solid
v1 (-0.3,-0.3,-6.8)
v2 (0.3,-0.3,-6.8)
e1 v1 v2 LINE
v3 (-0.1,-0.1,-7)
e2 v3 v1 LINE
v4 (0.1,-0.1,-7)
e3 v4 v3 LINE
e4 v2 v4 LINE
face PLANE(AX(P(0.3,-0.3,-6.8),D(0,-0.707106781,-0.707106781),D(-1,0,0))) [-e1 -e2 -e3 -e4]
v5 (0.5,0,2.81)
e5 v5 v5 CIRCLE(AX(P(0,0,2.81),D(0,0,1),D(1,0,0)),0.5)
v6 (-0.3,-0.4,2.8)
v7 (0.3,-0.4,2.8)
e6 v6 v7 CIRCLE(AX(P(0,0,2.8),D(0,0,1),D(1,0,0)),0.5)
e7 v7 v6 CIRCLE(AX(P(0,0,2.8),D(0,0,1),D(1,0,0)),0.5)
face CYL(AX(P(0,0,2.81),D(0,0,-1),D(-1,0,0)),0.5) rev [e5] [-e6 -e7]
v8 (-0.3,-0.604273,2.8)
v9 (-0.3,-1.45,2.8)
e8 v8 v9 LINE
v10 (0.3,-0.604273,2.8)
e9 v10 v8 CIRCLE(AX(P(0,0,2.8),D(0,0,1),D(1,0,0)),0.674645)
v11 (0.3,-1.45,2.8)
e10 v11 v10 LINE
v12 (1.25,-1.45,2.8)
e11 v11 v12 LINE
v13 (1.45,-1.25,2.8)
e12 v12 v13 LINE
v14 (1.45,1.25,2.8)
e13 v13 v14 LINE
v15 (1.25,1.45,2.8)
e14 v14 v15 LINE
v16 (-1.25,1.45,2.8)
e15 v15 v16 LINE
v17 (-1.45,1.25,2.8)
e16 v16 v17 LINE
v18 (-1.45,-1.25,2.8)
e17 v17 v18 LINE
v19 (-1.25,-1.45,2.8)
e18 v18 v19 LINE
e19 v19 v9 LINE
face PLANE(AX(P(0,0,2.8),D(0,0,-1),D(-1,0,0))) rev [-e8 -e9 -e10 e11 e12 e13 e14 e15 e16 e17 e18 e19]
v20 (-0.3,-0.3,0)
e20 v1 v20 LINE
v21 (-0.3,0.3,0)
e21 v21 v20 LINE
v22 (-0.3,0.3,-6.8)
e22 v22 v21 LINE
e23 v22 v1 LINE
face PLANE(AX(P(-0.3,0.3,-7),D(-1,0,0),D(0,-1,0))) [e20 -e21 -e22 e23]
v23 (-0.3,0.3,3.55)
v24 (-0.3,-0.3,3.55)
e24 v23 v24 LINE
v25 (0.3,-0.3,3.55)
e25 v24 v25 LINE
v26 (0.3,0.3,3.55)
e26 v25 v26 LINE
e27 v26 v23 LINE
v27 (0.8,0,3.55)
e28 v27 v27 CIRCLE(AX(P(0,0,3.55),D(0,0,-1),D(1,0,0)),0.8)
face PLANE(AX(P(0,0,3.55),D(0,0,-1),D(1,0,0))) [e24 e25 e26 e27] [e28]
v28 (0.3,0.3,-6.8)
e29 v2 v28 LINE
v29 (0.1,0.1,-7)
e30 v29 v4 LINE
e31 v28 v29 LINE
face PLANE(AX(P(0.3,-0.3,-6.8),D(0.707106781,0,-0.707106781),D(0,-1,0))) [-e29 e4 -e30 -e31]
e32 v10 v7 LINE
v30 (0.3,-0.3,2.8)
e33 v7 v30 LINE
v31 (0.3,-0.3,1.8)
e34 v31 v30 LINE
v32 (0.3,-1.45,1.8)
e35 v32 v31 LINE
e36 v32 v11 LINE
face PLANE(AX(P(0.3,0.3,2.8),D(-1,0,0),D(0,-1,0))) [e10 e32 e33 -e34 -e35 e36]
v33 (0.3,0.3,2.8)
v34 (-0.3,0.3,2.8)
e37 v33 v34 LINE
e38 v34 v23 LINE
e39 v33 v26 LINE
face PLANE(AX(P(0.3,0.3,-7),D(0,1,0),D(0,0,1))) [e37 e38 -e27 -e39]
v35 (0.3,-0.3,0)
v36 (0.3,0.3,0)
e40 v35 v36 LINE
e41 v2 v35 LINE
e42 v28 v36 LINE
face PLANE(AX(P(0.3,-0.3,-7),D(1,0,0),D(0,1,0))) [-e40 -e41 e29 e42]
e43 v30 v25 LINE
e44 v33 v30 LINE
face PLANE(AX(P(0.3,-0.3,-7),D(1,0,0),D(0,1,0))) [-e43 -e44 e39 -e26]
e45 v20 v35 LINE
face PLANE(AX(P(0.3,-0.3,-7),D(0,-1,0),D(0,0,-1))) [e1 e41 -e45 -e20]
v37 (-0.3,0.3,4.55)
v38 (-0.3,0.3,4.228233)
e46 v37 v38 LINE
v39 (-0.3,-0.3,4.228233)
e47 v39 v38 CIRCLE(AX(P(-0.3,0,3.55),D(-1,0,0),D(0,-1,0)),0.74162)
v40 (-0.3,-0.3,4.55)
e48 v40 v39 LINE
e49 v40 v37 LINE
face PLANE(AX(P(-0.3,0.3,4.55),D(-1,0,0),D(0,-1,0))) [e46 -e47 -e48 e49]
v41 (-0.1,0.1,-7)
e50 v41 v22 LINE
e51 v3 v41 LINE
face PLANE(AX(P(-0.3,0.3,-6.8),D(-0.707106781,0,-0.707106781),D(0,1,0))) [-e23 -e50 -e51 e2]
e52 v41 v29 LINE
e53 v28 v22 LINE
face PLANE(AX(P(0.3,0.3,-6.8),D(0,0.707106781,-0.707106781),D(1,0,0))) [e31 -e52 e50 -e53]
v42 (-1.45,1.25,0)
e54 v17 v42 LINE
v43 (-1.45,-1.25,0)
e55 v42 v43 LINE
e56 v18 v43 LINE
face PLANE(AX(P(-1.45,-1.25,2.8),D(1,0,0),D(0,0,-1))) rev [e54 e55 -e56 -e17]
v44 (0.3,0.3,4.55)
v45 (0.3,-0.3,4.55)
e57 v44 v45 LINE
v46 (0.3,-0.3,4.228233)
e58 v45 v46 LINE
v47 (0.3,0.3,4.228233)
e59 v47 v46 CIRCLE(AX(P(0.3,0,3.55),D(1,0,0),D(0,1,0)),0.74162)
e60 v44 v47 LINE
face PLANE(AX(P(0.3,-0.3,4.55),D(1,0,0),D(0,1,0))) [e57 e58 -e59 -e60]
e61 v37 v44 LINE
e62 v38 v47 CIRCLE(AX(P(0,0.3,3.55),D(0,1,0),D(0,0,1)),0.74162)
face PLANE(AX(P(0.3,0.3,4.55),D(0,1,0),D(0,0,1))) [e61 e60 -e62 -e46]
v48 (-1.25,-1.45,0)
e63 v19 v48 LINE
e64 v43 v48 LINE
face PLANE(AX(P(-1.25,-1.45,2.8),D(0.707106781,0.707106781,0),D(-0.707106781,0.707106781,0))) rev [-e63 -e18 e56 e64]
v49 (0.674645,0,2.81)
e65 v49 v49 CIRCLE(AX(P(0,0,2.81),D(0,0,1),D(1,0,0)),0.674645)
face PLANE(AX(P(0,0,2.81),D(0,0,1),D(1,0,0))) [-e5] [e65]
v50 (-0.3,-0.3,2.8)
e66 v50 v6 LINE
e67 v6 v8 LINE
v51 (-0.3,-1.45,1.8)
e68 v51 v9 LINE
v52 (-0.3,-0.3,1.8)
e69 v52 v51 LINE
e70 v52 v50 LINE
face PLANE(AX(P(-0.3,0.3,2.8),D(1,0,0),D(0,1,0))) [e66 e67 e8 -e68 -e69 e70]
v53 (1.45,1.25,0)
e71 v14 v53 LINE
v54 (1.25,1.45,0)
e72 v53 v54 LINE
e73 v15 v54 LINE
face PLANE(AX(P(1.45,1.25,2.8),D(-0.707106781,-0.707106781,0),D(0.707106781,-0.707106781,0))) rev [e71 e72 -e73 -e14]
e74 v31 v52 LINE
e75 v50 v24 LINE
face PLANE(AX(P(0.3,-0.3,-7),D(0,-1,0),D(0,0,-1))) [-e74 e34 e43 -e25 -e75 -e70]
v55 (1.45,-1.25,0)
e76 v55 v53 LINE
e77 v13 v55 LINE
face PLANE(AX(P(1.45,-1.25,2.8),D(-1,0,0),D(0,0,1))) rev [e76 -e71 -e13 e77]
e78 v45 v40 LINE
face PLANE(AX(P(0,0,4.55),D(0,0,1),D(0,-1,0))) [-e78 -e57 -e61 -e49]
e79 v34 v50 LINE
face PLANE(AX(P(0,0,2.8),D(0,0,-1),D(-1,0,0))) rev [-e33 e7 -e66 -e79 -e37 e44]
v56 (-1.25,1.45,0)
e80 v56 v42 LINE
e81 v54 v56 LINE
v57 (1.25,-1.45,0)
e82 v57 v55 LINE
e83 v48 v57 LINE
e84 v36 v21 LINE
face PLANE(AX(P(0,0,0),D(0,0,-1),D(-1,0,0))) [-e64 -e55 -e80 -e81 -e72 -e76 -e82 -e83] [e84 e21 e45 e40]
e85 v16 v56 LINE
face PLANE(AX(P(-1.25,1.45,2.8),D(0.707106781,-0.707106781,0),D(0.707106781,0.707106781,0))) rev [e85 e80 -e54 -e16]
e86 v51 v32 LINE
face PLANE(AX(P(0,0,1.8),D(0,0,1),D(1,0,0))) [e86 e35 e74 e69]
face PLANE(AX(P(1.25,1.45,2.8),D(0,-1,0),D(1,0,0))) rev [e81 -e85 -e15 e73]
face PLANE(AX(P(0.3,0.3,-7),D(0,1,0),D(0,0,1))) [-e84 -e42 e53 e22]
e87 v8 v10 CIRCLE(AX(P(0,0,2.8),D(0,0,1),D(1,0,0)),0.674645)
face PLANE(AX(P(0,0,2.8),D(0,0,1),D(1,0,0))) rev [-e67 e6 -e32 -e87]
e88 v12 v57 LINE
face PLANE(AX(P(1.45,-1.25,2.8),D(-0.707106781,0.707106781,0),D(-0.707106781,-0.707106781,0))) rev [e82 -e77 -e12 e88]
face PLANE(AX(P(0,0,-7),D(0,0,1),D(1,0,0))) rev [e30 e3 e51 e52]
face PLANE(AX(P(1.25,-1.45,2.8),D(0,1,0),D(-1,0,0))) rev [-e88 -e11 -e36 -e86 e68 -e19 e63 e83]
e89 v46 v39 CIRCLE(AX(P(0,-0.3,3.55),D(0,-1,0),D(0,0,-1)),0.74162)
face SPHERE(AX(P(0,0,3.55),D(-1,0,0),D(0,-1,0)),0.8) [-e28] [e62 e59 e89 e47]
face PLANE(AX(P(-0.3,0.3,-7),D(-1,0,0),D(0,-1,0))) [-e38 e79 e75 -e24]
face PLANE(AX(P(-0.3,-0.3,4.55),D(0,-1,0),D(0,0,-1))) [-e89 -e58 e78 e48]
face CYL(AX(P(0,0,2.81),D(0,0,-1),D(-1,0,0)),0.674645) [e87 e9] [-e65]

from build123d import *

# Parameters (mm, degrees)
ESQUISSE1_W             = 0.6
ESQUISSE1_H             = 0.6
BOSS_EXTRU_1_DEPTH      = 2.8
ESQUISSE2_W             = 0.6
ESQUISSE2_H             = 1.15
ENL_V_MAT_EXTRU_1_DEPTH = 1
BOSS_EXTRU_2_DEPTH      = 0.75
BOSS_EXTRU_2_DEPTH_BACK = 9.8
ESQUISSE3_W             = 0.6
ESQUISSE3_H             = 0.6
CHANFREIN1_SIZE         = 0.2
ESQUISSE4_R             = 0.674645205
ESQUISSE4_R_2           = 0.5
BOSS_EXTRU_3_DEPTH      = 0.01
R_VOLUTION1_ANGLE       = 180
ESQUISSE6_W             = 0.6
ESQUISSE6_H             = 0.6
BOSS_EXTRU_4_DEPTH      = 1


with BuildPart() as part:
    # Esquisse1 → Boss.-Extru.1 (new body)
    with BuildSketch(Plane.XY):
        Polygon((-1.25, 1.45), (-1.45, 1.25), (-1.45, -1.25), (-1.25, -1.45), (1.25, -1.45), (1.45, -1.25), (1.45, 1.25), (1.25, 1.45), align=None)
        Rectangle(ESQUISSE1_W, ESQUISSE1_H, mode=Mode.SUBTRACT)
    extrude(amount=BOSS_EXTRU_1_DEPTH)

    # Esquisse2 → Enlèv. mat.-Extru.1 (cut)
    with BuildSketch(Plane.XY.offset(2.8)):
        with Locations((0, -0.875)):
            Rectangle(ESQUISSE2_W, ESQUISSE2_H)
    extrude(amount=-ENL_V_MAT_EXTRU_1_DEPTH, mode=Mode.SUBTRACT)

    # Esquisse3 → Boss.-Extru.2 (add, two sides: drawn at the far end of the back side and taken through both)
    with BuildSketch(Plane.XY.offset(2.8).offset(-BOSS_EXTRU_2_DEPTH_BACK)):
        Rectangle(ESQUISSE3_W, ESQUISSE3_H)
    extrude(amount=BOSS_EXTRU_2_DEPTH + BOSS_EXTRU_2_DEPTH_BACK)

    # Chanfrein1
    chanfrein1_edges = [part.edges().sort_by_distance(p)[0] for p in [
        (0, -0.3, -7),
        (0.3, 0, -7),
        (-0.3, 0, -7),
        (0, 0.3, -7),
    ]]
    chamfer(chanfrein1_edges, length=CHANFREIN1_SIZE)

    # Esquisse4 → Boss.-Extru.3 (add)
    with BuildSketch(Plane.XY.offset(2.8)):
        with Locations(Location((0, 0, 0), (0, 0, 243.597249523))):
            Circle(ESQUISSE4_R)
        with Locations(Location((0, 0, 0), (0, 0, 233.130102354))):
            Circle(ESQUISSE4_R_2, mode=Mode.SUBTRACT)
    extrude(amount=BOSS_EXTRU_3_DEPTH)

    # Esquisse5 → Révolution1 (revolve)
    with BuildSketch(Plane.XY.offset(3.55)):
        with BuildLine():
            Line((0.8, 0), (-0.8, 0))
            ThreePointArc((-0.8, 0), (0, 0.8), (0.8, 0))
        make_face()
    revolve(axis=Axis((0.8, 0, 3.55), (1, 0, 0)), revolution_arc=R_VOLUTION1_ANGLE)

    # Esquisse6 → Boss.-Extru.4 (add)
    with BuildSketch(Plane(origin=(0, 0, 3.55), x_dir=(-1, 0, 0), z_dir=(0, 0, -1))):
        Rectangle(ESQUISSE6_W, ESQUISSE6_H)
    extrude(amount=-BOSS_EXTRU_4_DEPTH)


solid = part.part
